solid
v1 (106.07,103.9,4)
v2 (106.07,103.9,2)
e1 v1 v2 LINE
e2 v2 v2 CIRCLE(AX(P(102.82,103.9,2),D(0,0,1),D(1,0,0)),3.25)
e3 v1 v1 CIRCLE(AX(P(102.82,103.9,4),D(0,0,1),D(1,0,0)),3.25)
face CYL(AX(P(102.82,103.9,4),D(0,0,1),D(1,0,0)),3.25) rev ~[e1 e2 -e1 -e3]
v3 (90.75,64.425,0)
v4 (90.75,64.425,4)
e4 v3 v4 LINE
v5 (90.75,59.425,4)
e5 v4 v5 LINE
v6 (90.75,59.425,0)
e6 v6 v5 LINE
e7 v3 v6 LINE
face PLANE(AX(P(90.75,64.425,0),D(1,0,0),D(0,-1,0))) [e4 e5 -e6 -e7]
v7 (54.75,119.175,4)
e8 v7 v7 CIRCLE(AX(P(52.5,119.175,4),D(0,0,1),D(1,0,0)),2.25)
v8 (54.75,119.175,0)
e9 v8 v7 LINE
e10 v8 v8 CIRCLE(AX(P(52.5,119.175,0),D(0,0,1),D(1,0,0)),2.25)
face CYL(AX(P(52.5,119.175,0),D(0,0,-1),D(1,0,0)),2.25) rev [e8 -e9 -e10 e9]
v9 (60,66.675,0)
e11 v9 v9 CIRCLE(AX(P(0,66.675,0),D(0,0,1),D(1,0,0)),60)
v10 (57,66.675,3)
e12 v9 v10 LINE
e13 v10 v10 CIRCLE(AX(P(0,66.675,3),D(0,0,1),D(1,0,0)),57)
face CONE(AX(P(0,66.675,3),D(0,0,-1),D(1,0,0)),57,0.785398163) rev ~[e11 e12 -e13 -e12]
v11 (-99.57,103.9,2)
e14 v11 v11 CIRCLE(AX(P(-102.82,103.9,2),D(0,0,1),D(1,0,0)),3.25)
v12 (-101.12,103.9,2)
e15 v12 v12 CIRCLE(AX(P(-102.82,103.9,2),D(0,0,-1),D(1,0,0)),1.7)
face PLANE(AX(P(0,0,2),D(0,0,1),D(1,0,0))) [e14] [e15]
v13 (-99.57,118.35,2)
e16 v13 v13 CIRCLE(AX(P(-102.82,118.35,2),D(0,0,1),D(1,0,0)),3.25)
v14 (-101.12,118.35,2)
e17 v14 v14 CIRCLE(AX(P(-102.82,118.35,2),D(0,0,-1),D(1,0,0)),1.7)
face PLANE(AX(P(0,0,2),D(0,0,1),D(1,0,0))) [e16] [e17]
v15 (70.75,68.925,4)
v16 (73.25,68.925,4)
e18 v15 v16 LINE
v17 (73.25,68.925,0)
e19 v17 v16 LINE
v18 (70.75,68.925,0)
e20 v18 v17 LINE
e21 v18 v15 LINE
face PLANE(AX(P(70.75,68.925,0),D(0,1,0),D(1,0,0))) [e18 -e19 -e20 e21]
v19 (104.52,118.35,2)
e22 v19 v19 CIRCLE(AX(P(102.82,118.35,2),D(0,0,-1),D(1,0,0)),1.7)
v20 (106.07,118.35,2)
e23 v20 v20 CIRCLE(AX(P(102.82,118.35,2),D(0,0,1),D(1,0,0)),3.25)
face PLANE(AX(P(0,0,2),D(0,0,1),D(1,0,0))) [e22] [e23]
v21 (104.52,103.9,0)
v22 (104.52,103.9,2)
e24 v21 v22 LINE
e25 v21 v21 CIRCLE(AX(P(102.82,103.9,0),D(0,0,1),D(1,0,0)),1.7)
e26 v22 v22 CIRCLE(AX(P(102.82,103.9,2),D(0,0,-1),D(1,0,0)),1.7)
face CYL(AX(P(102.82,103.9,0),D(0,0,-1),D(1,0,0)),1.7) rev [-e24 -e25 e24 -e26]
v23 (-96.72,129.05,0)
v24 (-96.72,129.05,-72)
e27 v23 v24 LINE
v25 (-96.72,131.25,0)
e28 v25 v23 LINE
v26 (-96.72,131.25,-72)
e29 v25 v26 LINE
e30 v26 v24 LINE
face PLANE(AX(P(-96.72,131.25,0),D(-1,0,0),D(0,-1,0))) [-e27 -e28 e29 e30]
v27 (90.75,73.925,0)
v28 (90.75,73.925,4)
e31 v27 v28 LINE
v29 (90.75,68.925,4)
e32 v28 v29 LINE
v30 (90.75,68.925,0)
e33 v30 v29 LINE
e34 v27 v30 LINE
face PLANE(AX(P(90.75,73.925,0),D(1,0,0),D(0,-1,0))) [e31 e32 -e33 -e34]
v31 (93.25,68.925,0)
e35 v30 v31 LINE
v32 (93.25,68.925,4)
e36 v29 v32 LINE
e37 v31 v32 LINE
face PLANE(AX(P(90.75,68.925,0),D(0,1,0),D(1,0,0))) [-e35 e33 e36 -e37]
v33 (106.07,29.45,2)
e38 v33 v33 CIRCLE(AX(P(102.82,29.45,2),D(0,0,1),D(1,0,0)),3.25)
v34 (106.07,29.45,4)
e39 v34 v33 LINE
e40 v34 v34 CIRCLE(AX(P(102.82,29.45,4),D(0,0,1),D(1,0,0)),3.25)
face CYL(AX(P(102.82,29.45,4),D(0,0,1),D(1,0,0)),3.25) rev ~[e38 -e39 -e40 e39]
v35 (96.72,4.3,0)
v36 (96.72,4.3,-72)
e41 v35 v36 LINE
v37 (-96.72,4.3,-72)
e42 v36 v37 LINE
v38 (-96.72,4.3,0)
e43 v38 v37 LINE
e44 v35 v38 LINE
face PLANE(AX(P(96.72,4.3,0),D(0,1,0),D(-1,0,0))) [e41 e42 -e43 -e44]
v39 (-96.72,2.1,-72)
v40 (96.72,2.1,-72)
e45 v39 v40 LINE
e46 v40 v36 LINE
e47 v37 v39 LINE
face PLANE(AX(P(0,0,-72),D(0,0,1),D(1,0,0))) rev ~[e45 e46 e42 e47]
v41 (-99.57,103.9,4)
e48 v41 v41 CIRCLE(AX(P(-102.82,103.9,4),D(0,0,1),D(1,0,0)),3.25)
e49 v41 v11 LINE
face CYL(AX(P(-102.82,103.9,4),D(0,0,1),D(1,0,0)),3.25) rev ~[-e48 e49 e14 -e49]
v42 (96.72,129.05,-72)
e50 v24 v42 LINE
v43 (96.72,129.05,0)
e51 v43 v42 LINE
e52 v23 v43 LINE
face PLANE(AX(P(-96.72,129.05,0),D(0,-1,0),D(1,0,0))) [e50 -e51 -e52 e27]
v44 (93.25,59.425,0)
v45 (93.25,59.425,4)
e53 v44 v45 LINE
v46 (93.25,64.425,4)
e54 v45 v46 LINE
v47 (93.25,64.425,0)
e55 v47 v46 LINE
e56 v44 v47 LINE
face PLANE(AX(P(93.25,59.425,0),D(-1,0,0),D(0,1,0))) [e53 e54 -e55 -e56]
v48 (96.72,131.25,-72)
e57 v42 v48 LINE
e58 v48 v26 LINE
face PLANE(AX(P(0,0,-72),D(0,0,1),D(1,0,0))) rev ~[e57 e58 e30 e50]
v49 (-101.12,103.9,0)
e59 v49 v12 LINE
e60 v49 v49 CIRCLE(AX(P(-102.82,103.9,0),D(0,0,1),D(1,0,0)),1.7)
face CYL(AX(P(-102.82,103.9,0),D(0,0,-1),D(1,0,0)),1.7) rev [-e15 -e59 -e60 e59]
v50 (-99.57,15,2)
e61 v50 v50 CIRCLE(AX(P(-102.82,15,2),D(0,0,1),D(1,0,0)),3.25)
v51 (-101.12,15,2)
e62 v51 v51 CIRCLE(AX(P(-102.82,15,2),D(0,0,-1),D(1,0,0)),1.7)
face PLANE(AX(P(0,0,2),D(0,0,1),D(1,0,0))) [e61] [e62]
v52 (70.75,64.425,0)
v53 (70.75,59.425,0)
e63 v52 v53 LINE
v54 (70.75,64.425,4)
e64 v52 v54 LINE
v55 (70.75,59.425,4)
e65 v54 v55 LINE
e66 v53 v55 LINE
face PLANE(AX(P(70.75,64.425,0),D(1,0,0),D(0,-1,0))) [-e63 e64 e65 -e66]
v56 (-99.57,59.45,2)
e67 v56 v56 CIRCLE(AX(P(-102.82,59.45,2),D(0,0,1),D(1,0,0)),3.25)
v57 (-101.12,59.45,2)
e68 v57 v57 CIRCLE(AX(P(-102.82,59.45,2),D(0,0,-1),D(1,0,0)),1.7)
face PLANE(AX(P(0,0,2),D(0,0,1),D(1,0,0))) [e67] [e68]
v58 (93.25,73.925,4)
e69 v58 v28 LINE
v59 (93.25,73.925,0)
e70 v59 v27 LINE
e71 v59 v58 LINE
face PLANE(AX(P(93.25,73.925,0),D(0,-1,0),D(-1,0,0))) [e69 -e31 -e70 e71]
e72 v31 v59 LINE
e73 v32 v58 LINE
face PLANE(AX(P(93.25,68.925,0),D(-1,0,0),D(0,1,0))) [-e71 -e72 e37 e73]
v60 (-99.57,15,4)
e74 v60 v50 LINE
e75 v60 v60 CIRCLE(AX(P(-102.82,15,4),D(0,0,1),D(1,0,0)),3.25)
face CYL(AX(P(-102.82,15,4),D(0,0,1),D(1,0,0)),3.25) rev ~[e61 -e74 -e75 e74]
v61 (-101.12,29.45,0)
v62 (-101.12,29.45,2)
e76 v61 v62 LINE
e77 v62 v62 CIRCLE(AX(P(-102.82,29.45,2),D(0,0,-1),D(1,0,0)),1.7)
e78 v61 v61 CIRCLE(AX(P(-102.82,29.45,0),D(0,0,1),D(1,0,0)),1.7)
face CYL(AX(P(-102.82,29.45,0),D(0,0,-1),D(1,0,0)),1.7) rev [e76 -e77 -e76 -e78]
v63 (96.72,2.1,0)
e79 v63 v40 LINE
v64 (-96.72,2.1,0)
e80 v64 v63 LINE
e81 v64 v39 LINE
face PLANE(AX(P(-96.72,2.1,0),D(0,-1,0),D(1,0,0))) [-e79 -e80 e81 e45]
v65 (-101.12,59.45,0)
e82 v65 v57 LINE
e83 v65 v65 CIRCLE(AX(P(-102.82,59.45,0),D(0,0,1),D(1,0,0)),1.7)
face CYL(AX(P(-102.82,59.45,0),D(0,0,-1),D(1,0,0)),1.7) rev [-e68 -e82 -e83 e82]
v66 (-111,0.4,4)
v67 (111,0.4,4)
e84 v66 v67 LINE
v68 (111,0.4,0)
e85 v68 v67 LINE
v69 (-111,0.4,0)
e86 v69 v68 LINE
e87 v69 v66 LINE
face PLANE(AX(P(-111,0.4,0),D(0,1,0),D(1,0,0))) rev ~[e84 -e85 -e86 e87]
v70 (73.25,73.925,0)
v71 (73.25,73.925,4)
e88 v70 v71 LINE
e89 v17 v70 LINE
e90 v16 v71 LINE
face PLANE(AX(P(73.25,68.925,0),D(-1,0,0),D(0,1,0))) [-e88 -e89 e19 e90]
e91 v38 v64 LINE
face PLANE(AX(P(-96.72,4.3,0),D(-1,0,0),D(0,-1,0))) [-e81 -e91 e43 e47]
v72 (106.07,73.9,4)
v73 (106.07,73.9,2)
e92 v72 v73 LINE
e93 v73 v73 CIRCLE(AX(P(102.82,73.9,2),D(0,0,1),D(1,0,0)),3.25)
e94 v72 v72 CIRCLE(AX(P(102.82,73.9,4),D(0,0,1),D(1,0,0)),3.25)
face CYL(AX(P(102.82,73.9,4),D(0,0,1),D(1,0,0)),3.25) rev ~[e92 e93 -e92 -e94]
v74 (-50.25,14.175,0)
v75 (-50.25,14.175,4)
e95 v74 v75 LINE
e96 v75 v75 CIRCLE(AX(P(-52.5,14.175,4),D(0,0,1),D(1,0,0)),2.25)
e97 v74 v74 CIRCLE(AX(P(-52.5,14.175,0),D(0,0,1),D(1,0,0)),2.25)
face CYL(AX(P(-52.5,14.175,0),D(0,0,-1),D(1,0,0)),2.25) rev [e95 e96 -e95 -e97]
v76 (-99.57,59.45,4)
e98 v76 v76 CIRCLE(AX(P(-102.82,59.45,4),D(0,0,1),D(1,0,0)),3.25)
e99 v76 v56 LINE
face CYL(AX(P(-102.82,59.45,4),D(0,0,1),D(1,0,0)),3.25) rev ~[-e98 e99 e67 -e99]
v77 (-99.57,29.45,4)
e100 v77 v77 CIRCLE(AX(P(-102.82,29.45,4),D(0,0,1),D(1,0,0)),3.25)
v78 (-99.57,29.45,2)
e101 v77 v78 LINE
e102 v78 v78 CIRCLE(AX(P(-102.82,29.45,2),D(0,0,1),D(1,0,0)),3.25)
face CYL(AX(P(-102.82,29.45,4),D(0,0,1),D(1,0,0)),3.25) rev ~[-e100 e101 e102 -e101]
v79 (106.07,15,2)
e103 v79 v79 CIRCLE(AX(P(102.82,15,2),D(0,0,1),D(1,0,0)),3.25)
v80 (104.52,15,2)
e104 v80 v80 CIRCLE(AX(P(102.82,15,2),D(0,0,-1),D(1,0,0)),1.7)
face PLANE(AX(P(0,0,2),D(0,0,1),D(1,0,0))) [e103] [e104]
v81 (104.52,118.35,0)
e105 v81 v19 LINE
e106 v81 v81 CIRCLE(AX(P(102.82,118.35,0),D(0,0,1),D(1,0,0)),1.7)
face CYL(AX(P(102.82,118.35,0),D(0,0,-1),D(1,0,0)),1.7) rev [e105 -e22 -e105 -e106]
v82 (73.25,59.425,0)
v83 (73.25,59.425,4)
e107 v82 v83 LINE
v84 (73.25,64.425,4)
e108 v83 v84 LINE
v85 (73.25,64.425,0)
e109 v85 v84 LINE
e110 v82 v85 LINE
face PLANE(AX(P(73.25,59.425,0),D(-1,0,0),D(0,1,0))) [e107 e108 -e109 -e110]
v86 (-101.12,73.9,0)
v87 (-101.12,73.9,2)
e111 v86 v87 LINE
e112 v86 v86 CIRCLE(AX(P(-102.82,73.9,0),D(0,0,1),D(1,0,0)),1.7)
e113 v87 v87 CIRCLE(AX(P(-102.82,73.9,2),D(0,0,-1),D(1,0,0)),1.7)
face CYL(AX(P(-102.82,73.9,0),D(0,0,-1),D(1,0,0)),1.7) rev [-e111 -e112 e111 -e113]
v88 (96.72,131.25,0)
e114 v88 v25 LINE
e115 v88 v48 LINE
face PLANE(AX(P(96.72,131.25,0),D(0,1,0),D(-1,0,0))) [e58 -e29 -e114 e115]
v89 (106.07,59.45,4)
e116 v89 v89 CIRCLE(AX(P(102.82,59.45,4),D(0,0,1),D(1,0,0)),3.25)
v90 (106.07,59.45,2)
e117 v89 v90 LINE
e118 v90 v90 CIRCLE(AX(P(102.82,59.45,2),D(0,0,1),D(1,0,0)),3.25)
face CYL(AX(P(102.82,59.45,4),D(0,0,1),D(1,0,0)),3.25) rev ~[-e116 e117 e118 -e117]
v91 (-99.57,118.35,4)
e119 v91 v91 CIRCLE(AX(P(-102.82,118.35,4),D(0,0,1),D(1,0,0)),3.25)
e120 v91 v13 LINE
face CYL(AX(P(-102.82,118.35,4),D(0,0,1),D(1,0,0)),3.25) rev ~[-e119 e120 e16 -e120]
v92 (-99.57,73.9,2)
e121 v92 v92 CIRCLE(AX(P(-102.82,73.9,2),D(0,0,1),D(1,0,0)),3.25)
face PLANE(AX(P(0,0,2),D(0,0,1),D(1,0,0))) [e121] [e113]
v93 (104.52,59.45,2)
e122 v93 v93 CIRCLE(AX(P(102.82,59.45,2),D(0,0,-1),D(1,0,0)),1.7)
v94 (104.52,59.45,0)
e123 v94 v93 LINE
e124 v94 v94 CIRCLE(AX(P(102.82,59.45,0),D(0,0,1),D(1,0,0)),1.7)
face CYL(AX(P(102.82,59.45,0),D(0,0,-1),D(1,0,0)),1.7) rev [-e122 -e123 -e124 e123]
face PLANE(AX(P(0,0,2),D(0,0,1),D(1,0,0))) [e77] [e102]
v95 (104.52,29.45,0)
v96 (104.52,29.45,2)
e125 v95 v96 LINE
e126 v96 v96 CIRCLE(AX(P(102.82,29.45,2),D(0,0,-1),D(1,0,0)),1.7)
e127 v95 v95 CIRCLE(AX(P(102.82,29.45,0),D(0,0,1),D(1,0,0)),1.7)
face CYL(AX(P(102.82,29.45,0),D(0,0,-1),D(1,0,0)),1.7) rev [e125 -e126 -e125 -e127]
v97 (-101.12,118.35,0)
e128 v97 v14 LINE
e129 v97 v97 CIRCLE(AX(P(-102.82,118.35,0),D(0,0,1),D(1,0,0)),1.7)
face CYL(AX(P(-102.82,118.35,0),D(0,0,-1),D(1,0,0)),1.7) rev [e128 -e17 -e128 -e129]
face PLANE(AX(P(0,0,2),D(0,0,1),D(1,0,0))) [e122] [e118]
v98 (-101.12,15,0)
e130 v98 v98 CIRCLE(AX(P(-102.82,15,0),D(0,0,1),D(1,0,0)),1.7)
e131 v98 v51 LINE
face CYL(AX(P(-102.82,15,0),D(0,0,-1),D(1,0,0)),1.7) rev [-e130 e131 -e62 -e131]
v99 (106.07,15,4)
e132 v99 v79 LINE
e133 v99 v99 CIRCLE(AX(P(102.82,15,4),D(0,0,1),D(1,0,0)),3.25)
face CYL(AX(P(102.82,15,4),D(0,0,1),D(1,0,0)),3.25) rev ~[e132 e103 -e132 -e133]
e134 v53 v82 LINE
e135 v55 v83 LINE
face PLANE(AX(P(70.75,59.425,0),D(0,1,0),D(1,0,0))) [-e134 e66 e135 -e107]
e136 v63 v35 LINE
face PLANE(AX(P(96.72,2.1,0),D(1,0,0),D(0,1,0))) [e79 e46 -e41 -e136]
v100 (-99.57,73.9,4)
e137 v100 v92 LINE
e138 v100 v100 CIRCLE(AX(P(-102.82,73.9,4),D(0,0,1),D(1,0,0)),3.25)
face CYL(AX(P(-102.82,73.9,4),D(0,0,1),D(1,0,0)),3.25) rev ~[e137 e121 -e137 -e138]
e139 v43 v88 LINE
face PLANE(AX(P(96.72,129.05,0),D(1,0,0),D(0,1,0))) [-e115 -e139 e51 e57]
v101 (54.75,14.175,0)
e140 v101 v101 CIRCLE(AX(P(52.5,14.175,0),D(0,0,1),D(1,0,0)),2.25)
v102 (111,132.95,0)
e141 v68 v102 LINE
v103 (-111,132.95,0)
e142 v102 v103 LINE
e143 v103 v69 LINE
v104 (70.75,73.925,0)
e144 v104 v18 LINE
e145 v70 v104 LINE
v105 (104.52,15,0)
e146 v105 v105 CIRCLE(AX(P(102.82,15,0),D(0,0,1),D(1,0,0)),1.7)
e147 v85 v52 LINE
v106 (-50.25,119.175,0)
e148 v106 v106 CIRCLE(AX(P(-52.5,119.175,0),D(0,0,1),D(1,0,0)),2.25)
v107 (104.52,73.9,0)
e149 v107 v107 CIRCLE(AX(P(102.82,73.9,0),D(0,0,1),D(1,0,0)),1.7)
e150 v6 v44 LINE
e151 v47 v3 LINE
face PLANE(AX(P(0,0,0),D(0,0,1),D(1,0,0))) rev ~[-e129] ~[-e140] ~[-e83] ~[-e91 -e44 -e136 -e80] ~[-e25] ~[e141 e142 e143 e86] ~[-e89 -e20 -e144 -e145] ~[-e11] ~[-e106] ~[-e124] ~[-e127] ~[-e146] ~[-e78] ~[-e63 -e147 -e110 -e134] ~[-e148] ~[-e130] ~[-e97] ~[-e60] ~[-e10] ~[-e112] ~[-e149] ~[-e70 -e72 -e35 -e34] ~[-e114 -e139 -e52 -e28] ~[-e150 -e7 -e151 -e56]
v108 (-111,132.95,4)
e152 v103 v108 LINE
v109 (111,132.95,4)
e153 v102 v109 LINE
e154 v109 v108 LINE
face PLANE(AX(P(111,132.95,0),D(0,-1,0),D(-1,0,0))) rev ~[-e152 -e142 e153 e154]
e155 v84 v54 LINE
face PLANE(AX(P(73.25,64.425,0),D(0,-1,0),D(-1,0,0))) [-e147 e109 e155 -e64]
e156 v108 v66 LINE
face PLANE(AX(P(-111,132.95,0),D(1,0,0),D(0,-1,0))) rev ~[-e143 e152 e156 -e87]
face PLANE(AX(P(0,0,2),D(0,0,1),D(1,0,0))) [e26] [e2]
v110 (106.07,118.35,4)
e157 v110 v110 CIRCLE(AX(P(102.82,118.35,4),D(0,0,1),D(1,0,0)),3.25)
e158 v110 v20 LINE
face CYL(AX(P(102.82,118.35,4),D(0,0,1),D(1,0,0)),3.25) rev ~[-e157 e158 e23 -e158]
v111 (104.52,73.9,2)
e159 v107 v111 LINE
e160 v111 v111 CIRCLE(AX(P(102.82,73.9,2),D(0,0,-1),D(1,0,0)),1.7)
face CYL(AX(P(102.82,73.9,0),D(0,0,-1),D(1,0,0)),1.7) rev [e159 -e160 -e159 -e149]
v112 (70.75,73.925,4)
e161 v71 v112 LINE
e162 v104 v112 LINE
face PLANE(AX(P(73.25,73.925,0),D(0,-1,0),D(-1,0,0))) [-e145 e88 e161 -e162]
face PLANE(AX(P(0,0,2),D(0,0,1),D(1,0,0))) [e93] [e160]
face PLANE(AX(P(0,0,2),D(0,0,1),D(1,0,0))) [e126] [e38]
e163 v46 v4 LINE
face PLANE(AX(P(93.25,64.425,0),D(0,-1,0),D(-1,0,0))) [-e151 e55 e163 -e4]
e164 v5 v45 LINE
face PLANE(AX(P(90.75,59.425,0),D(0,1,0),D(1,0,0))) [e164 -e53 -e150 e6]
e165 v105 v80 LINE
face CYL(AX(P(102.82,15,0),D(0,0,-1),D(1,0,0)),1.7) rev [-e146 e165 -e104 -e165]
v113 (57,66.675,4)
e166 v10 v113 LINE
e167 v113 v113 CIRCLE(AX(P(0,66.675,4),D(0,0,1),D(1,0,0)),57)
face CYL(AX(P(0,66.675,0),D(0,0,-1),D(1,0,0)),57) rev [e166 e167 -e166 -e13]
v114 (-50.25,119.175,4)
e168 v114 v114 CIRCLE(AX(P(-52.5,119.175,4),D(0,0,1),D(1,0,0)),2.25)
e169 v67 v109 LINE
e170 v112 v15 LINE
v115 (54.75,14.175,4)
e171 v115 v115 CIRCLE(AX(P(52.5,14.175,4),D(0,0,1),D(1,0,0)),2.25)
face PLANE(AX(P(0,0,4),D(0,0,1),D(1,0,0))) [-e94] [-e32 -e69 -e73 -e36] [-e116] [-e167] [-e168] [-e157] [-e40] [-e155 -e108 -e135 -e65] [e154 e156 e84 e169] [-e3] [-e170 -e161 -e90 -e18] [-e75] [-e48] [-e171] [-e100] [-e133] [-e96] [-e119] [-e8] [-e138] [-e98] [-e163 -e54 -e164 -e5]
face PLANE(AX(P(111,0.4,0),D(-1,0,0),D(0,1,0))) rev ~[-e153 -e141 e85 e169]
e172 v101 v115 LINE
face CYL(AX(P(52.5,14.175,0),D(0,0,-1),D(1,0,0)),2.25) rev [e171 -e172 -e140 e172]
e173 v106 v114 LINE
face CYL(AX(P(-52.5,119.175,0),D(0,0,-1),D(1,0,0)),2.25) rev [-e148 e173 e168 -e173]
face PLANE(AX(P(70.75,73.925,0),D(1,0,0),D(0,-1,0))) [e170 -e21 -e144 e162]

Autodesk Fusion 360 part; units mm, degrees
sketch "Sketch: plate" plane through (0, 0, 0) normal (0, 0, 1) x (1, 0, 0)
  line L0 (-111, 0.4) -> (111, 0.4)
  line L1 (111, 0.4) -> (111, 132.95)
  line L2 (111, 132.95) -> (-111, 132.95)
  line L3 (-111, 132.95) -> (-111, 0.4)
extrude "Plate" add sketch "Sketch: plate" along normal blind 4
sketch "Sketch: duct walls" plane through (0, 0, 0) normal (0, 0, 1) x (1, 0, 0)
  line L0 (-96.72, 2.1) -> (96.72, 2.1)
  line L1 (96.72, 2.1) -> (96.72, 4.3)
  line L2 (96.72, 4.3) -> (-96.72, 4.3)
  line L3 (-96.72, 4.3) -> (-96.72, 2.1)
  line L4 (-96.72, 129.05) -> (96.72, 129.05)
  line L5 (96.72, 129.05) -> (96.72, 131.25)
  line L6 (96.72, 131.25) -> (-96.72, 131.25)
  line L7 (-96.72, 131.25) -> (-96.72, 129.05)
extrude "Duct walls" add sketch "Sketch: duct walls" against normal blind 72
sketch "Sketch: openings and holes" plane through (0, 0, 0) normal (0, 0, 1) x (1, 0, 0)
  circle A0 centre (0, 66.675) radius 57
  circle A1 centre (-52.5, 14.175) radius 2.25
  circle A2 centre (-52.5, 119.175) radius 2.25
  circle A3 centre (52.5, 14.175) radius 2.25
  circle A4 centre (52.5, 119.175) radius 2.25
  circle A5 centre (-102.82, 15) radius 1.7
  circle A6 centre (-102.82, 29.45) radius 1.7
  circle A7 centre (-102.82, 59.45) radius 1.7
  circle A8 centre (-102.82, 73.9) radius 1.7
  circle A9 centre (-102.82, 103.9) radius 1.7
  circle A10 centre (-102.82, 118.35) radius 1.7
  circle A11 centre (102.82, 15) radius 1.7
  circle A12 centre (102.82, 29.45) radius 1.7
  circle A13 centre (102.82, 59.45) radius 1.7
  circle A14 centre (102.82, 73.9) radius 1.7
  circle A15 centre (102.82, 103.9) radius 1.7
  circle A16 centre (102.82, 118.35) radius 1.7
extrude "Openings and holes" cut sketch "Sketch: openings and holes" along normal blind 4
sketch "Sketch: tie slots" plane through (0, 0, 0) normal (0, 0, 1) x (1, 0, 0)
  line L0 (70.75, 59.425) -> (73.25, 59.425)
  line L1 (73.25, 59.425) -> (73.25, 64.425)
  line L2 (73.25, 64.425) -> (70.75, 64.425)
  line L3 (70.75, 64.425) -> (70.75, 59.425)
  line L4 (70.75, 68.925) -> (73.25, 68.925)
  line L5 (73.25, 68.925) -> (73.25, 73.925)
  line L6 (73.25, 73.925) -> (70.75, 73.925)
  line L7 (70.75, 73.925) -> (70.75, 68.925)
  line L8 (90.75, 59.425) -> (93.25, 59.425)
  line L9 (93.25, 59.425) -> (93.25, 64.425)
  line L10 (93.25, 64.425) -> (90.75, 64.425)
  line L11 (90.75, 64.425) -> (90.75, 59.425)
  line L12 (90.75, 68.925) -> (93.25, 68.925)
  line L13 (93.25, 68.925) -> (93.25, 73.925)
  line L14 (93.25, 73.925) -> (90.75, 73.925)
  line L15 (90.75, 73.925) -> (90.75, 68.925)
extrude "Tie slots" cut sketch "Sketch: tie slots" along normal blind 4
ref_plane "WorkPlane1" through (0, 0, 4) normal (0, 0, 1) x (1, 0, 0)
sketch "Sketch: head counterbores" plane through (0, 0, 4) normal (0, 0, 1) x (1, 0, 0)
  circle A0 centre (-102.82, 15) radius 3.25
  circle A1 centre (-102.82, 29.45) radius 3.25
  circle A2 centre (-102.82, 59.45) radius 3.25
  circle A3 centre (-102.82, 73.9) radius 3.25
  circle A4 centre (-102.82, 103.9) radius 3.25
  circle A5 centre (-102.82, 118.35) radius 3.25
  circle A6 centre (102.82, 15) radius 3.25
  circle A7 centre (102.82, 29.45) radius 3.25
  circle A8 centre (102.82, 59.45) radius 3.25
  circle A9 centre (102.82, 73.9) radius 3.25
  circle A10 centre (102.82, 103.9) radius 3.25
  circle A11 centre (102.82, 118.35) radius 3.25
extrude "Head counterbores" cut sketch "Sketch: head counterbores" against normal blind 2
chamfer "Inlet chamfer" distance 3 angle 45 1 edges at (-53.1427, 46.0629, 0)
